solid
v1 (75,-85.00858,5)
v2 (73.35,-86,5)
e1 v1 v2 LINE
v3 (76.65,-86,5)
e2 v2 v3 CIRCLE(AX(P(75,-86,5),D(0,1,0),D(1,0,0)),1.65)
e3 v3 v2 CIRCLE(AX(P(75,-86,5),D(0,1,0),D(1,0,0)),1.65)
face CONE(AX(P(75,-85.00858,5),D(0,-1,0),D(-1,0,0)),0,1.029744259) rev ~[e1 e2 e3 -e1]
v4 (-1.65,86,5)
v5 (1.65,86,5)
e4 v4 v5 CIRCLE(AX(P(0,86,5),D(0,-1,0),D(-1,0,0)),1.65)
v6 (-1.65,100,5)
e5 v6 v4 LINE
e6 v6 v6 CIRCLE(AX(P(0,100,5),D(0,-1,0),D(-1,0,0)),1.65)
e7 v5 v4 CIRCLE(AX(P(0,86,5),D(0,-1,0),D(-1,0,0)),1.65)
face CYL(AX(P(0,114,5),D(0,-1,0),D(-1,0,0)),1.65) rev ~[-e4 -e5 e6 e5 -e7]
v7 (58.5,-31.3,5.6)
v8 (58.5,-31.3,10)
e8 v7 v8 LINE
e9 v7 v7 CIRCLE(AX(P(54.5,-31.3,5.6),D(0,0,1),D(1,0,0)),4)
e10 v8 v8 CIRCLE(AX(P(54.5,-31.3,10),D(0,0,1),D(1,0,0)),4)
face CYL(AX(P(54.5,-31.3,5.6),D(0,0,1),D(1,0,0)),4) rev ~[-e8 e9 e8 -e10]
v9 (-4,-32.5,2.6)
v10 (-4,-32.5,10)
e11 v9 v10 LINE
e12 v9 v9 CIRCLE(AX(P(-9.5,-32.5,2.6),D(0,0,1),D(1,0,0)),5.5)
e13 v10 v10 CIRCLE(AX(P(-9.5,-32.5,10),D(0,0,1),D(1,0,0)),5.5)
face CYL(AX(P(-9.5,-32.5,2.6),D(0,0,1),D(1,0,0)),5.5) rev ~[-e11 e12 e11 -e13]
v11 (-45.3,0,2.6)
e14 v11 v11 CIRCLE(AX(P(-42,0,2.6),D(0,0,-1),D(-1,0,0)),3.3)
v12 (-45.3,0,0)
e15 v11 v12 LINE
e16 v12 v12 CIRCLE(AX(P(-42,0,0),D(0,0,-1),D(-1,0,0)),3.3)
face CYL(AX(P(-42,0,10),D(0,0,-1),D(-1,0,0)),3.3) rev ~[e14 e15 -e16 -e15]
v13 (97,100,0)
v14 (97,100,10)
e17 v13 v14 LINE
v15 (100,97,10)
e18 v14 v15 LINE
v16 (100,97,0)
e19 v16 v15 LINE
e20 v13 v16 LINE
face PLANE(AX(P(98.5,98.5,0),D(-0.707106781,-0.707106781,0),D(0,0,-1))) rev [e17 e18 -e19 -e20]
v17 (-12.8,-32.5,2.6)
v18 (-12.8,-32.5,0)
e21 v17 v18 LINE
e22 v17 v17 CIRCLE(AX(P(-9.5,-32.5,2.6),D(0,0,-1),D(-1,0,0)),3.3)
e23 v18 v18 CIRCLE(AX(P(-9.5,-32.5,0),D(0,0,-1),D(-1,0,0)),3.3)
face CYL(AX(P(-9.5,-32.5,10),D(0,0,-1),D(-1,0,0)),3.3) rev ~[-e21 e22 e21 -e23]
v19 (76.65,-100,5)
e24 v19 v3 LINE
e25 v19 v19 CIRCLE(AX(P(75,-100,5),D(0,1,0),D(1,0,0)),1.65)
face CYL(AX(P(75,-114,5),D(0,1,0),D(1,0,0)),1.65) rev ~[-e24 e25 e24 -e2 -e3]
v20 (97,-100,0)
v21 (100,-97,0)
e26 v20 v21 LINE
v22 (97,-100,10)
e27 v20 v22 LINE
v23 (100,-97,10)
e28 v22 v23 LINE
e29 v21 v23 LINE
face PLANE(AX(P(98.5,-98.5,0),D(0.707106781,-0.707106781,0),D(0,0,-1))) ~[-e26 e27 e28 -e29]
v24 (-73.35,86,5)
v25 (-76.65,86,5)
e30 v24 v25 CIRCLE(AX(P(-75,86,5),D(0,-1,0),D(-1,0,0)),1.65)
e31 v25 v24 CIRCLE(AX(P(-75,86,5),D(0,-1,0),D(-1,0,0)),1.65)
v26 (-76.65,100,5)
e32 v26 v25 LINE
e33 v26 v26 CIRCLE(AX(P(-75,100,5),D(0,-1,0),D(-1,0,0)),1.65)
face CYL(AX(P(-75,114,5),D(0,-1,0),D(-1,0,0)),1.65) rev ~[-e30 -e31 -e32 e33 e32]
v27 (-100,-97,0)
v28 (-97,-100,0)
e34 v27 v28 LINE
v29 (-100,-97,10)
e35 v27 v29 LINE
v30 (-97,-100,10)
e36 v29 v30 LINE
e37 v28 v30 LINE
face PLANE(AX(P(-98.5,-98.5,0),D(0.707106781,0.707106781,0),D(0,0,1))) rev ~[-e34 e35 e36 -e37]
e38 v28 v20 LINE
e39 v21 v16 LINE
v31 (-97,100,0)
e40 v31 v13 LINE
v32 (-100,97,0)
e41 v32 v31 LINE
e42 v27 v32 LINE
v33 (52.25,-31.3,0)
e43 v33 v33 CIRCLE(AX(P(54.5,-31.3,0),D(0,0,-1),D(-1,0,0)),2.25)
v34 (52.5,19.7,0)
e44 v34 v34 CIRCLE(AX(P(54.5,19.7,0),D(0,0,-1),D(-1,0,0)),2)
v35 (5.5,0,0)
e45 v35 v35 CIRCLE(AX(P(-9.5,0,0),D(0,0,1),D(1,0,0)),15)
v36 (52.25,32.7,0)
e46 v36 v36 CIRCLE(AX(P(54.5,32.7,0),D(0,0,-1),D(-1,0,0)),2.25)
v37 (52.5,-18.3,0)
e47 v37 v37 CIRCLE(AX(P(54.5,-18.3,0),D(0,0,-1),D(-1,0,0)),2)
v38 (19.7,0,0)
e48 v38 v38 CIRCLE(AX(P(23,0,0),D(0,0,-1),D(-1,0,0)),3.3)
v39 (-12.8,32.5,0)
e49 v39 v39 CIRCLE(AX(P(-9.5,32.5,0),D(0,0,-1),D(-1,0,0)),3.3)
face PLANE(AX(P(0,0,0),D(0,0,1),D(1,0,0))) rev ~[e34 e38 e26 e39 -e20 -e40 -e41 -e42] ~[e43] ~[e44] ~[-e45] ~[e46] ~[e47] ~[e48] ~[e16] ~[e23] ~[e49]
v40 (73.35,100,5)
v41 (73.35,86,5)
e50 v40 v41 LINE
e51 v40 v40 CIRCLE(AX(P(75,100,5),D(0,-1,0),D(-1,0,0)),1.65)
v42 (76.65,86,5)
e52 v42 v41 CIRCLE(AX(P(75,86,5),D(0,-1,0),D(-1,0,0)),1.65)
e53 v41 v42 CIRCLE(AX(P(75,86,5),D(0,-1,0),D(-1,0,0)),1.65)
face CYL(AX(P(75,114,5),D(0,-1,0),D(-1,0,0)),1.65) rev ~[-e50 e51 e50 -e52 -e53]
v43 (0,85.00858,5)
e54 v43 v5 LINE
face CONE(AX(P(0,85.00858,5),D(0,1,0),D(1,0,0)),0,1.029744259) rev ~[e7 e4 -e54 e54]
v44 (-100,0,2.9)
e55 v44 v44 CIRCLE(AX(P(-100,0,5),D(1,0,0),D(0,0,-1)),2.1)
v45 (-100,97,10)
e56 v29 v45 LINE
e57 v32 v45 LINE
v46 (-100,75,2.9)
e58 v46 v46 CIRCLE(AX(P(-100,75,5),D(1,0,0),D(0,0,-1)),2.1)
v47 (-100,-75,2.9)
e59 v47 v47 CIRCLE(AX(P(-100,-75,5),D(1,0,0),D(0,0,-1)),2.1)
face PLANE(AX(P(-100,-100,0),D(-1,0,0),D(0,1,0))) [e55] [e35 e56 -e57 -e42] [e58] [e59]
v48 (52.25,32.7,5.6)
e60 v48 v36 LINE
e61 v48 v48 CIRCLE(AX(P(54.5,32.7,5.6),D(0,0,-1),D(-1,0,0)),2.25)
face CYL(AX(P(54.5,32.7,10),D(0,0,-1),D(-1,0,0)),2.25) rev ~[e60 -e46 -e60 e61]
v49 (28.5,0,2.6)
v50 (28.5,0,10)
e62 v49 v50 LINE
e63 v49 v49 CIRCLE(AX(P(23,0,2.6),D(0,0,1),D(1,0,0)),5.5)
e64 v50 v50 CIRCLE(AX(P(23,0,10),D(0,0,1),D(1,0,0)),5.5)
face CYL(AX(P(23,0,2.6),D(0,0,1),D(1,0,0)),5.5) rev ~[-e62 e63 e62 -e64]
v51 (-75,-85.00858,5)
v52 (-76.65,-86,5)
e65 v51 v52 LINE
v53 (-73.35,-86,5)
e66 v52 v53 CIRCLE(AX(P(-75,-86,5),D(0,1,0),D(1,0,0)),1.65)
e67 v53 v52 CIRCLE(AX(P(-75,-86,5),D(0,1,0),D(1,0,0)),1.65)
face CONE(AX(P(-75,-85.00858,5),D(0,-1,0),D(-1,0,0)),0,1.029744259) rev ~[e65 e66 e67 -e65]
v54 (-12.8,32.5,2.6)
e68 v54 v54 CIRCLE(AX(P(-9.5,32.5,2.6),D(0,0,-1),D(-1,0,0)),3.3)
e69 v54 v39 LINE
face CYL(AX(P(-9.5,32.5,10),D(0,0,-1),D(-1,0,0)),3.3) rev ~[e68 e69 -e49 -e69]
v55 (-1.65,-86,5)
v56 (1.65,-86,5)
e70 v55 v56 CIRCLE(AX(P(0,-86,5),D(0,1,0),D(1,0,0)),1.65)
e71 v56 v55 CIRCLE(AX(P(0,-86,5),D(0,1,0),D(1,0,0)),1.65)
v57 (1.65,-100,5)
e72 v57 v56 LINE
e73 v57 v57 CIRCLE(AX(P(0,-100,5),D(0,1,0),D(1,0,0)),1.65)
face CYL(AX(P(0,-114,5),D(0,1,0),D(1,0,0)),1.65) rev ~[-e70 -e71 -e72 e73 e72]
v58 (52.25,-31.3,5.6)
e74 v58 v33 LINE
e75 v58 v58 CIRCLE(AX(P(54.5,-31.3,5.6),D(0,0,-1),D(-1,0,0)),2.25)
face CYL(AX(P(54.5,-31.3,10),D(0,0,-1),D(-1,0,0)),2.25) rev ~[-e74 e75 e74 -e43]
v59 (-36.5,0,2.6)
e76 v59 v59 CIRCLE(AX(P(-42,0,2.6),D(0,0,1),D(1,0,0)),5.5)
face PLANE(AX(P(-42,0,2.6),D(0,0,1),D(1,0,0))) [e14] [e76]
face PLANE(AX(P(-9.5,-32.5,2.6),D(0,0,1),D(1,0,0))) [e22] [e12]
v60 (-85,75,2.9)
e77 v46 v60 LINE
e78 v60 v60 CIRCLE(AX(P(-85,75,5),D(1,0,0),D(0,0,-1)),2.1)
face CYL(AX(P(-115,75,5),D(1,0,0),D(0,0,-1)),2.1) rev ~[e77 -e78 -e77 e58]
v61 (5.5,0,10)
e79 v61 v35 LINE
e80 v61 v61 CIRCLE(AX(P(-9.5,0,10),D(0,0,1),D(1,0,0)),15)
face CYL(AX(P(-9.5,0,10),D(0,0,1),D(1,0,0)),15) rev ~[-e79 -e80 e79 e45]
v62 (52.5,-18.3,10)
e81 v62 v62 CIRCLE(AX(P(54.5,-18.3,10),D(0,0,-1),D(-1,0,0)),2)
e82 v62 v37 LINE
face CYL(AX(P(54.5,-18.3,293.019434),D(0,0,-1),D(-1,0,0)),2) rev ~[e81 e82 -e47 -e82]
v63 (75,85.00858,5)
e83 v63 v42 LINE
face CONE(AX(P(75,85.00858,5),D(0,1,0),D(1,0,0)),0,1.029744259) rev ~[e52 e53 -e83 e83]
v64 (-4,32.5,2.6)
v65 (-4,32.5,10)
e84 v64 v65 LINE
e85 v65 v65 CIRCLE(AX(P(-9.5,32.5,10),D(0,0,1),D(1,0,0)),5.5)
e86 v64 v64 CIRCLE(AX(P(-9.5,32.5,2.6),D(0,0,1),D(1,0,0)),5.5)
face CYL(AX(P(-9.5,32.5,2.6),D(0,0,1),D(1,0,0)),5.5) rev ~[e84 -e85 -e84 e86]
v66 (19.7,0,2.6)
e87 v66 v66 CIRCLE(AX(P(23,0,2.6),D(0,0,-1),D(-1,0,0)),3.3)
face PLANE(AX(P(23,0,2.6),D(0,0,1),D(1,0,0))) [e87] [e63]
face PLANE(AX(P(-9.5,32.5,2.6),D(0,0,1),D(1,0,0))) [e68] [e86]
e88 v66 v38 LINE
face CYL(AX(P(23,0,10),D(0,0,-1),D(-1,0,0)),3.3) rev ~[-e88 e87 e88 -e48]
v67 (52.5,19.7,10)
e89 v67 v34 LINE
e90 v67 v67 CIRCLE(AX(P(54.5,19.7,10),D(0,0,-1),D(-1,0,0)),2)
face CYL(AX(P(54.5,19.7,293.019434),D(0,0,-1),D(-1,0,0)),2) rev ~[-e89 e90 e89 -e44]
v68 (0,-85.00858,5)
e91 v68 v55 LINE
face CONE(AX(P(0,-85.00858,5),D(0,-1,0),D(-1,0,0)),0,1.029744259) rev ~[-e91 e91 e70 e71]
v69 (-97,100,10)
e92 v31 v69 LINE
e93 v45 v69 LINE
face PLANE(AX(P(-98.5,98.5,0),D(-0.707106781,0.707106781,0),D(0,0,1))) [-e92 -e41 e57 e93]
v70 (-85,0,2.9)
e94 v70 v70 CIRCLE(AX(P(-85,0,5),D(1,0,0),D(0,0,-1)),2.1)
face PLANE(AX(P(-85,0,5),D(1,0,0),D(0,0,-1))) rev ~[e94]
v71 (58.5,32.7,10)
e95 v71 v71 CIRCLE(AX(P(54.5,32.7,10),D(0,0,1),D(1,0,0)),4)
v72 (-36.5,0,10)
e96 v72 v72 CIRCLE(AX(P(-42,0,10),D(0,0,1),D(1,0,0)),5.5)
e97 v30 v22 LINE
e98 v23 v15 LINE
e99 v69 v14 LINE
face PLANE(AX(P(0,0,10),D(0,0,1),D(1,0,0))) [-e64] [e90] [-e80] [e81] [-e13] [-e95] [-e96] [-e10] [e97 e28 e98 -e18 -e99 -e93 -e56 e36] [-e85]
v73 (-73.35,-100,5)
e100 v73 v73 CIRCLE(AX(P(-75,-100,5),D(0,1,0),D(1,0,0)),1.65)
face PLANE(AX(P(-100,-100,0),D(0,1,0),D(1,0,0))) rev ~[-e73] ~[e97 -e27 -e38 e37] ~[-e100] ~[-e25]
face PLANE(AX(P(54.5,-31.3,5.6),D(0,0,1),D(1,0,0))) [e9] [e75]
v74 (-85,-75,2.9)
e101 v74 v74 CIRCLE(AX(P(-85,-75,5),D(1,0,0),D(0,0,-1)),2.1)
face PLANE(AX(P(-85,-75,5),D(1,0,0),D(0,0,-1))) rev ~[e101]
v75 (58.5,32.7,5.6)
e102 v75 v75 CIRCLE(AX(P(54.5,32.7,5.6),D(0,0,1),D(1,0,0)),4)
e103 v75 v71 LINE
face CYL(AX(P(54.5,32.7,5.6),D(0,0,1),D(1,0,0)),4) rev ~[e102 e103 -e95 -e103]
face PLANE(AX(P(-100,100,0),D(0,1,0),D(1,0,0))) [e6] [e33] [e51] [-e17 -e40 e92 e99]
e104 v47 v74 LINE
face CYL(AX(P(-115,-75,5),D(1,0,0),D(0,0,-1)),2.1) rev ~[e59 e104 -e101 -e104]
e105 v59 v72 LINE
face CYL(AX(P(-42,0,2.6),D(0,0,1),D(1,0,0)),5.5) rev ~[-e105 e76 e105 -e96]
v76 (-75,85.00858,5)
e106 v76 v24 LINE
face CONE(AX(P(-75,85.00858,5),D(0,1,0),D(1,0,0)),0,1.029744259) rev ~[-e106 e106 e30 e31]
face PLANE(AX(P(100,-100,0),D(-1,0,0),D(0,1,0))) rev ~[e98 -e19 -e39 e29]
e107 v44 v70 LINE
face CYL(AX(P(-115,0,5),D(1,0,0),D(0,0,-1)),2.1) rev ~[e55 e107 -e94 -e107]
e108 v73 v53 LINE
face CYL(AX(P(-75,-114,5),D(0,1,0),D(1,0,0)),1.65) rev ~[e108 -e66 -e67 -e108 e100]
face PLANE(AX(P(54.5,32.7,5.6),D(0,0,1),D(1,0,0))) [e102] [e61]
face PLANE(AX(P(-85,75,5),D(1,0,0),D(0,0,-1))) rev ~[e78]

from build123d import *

# Parameters (mm, degrees)
ESQUISSE1_W                                        = 200
ESQUISSE1_H                                        = 200
BOSS_EXTRU_1_DEPTH                                 = 10
ESQUISSE2_R                                        = 15
ENL_V_MAT_EXTRU_1_DEPTH                            = 142.774468788
CHANFREIN1_SIZE                                    = 3
CHAMBRAGE_POUR_VIS_T_TE_HEXAGONALE_M41_D           = 4.5
CHAMBRAGE_POUR_VIS_T_TE_HEXAGONALE_M41_CBORE_D     = 8
CHAMBRAGE_POUR_VIS_T_TE_HEXAGONALE_M41_CBORE_DEPTH = 4.4
TROUS_DE_CENTRAGE_4_0MMCLEARANCE_1_D               = 4
CHAMBRAGE_POUR_VIS_T_TE_HEXAGONALE_M61_D           = 6.6
CHAMBRAGE_POUR_VIS_T_TE_HEXAGONALE_M61_CBORE_D     = 11
CHAMBRAGE_POUR_VIS_T_TE_HEXAGONALE_M61_CBORE_DEPTH = 7.4
TROU_TARAUD_M41_D                                  = 3.3
TROU_TARAUD_M41_DEPTH                              = 14
TROU_TARAUD_M41_TIP                                = 0.991420021
TROU_TARAUD_M42_D                                  = 3.3
TROU_TARAUD_M42_DEPTH                              = 14
TROU_TARAUD_M42_TIP                                = 0.991420021
TROU_TARAUD_M52_D                                  = 4.2
TROU_TARAUD_M52_DEPTH                              = 15


with BuildPart() as part:
    # Esquisse1 → Boss.-Extru.1 (new body)
    with BuildSketch(Plane.XY):
        Rectangle(ESQUISSE1_W, ESQUISSE1_H)
    extrude(amount=BOSS_EXTRU_1_DEPTH)

    # Esquisse2 → Enlèv. mat.-Extru.1 (cut, through all)
    with BuildSketch(Plane.XY.offset(10)):
        with Locations((-9.5, 0)):
            Circle(ESQUISSE2_R)
    extrude(amount=-ENL_V_MAT_EXTRU_1_DEPTH, mode=Mode.SUBTRACT)

    # Chanfrein1
    chanfrein1_edges = [part.edges().sort_by_distance(p)[0] for p in [
        (-100, 100, 5),
        (100, 100, 5),
        (100, -100, 5),
        (-100, -100, 5),
    ]]
    chamfer(chanfrein1_edges, length=CHANFREIN1_SIZE)

    # Chambrage pour vis à tête hexagonale M41 (through all)
    with Locations(Plane(origin=(54.5, 32.7, 10), x_dir=(1, 0, 0), z_dir=(0, 0, 1))):
        with Locations((0, 0), (0, -64)):
            CounterBoreHole(CHAMBRAGE_POUR_VIS_T_TE_HEXAGONALE_M41_D / 2, CHAMBRAGE_POUR_VIS_T_TE_HEXAGONALE_M41_CBORE_D / 2, CHAMBRAGE_POUR_VIS_T_TE_HEXAGONALE_M41_CBORE_DEPTH)

    # Trous de centrage Ø4.0mmClearance 1 (through all)
    with Locations(Plane(origin=(54.5, -18.3, 10), x_dir=(1, 0, 0), z_dir=(0, 0, 1))):
        with Locations((0, 0), (0, 38)):
            Hole(TROUS_DE_CENTRAGE_4_0MMCLEARANCE_1_D / 2)

    # Chambrage pour vis à tête hexagonale M61 (through all)
    with Locations(Plane.XY.offset(10)):
        with Locations((23, 0), (-9.5, 32.5), (-42, 0), (-9.5, -32.5)):
            CounterBoreHole(CHAMBRAGE_POUR_VIS_T_TE_HEXAGONALE_M61_D / 2, CHAMBRAGE_POUR_VIS_T_TE_HEXAGONALE_M61_CBORE_D / 2, CHAMBRAGE_POUR_VIS_T_TE_HEXAGONALE_M61_CBORE_DEPTH)

    # Trou taraudé M41
    with Locations(Plane(origin=(0, 100, 0), x_dir=(1, 0, 0), z_dir=(0, 1, 0))):
        with Locations((-75, -5), (0, -5), (75, -5)):
            Hole(TROU_TARAUD_M41_D / 2, depth=TROU_TARAUD_M41_DEPTH)
            with Locations((0, 0, -(TROU_TARAUD_M41_DEPTH + TROU_TARAUD_M41_TIP / 2))):  # 118° drill point
                Cone(0, TROU_TARAUD_M41_D / 2, TROU_TARAUD_M41_TIP, mode=Mode.SUBTRACT)

    # Trou taraudé M42
    with Locations(Plane(origin=(0, -100, 0), x_dir=(-1, 0, 0), z_dir=(0, -1, 0))):
        with Locations((75, -5), (0, -5), (-75, -5)):
            Hole(TROU_TARAUD_M42_D / 2, depth=TROU_TARAUD_M42_DEPTH)
            with Locations((0, 0, -(TROU_TARAUD_M42_DEPTH + TROU_TARAUD_M42_TIP / 2))):  # 118° drill point
                Cone(0, TROU_TARAUD_M42_D / 2, TROU_TARAUD_M42_TIP, mode=Mode.SUBTRACT)

    # Trou taraudé M52
    with Locations(Plane.ZY.offset(100)):
        with Locations((5, 0), (5, -75), (5, 75)):
            Hole(TROU_TARAUD_M52_D / 2, depth=TROU_TARAUD_M52_DEPTH)


solid = part.part
